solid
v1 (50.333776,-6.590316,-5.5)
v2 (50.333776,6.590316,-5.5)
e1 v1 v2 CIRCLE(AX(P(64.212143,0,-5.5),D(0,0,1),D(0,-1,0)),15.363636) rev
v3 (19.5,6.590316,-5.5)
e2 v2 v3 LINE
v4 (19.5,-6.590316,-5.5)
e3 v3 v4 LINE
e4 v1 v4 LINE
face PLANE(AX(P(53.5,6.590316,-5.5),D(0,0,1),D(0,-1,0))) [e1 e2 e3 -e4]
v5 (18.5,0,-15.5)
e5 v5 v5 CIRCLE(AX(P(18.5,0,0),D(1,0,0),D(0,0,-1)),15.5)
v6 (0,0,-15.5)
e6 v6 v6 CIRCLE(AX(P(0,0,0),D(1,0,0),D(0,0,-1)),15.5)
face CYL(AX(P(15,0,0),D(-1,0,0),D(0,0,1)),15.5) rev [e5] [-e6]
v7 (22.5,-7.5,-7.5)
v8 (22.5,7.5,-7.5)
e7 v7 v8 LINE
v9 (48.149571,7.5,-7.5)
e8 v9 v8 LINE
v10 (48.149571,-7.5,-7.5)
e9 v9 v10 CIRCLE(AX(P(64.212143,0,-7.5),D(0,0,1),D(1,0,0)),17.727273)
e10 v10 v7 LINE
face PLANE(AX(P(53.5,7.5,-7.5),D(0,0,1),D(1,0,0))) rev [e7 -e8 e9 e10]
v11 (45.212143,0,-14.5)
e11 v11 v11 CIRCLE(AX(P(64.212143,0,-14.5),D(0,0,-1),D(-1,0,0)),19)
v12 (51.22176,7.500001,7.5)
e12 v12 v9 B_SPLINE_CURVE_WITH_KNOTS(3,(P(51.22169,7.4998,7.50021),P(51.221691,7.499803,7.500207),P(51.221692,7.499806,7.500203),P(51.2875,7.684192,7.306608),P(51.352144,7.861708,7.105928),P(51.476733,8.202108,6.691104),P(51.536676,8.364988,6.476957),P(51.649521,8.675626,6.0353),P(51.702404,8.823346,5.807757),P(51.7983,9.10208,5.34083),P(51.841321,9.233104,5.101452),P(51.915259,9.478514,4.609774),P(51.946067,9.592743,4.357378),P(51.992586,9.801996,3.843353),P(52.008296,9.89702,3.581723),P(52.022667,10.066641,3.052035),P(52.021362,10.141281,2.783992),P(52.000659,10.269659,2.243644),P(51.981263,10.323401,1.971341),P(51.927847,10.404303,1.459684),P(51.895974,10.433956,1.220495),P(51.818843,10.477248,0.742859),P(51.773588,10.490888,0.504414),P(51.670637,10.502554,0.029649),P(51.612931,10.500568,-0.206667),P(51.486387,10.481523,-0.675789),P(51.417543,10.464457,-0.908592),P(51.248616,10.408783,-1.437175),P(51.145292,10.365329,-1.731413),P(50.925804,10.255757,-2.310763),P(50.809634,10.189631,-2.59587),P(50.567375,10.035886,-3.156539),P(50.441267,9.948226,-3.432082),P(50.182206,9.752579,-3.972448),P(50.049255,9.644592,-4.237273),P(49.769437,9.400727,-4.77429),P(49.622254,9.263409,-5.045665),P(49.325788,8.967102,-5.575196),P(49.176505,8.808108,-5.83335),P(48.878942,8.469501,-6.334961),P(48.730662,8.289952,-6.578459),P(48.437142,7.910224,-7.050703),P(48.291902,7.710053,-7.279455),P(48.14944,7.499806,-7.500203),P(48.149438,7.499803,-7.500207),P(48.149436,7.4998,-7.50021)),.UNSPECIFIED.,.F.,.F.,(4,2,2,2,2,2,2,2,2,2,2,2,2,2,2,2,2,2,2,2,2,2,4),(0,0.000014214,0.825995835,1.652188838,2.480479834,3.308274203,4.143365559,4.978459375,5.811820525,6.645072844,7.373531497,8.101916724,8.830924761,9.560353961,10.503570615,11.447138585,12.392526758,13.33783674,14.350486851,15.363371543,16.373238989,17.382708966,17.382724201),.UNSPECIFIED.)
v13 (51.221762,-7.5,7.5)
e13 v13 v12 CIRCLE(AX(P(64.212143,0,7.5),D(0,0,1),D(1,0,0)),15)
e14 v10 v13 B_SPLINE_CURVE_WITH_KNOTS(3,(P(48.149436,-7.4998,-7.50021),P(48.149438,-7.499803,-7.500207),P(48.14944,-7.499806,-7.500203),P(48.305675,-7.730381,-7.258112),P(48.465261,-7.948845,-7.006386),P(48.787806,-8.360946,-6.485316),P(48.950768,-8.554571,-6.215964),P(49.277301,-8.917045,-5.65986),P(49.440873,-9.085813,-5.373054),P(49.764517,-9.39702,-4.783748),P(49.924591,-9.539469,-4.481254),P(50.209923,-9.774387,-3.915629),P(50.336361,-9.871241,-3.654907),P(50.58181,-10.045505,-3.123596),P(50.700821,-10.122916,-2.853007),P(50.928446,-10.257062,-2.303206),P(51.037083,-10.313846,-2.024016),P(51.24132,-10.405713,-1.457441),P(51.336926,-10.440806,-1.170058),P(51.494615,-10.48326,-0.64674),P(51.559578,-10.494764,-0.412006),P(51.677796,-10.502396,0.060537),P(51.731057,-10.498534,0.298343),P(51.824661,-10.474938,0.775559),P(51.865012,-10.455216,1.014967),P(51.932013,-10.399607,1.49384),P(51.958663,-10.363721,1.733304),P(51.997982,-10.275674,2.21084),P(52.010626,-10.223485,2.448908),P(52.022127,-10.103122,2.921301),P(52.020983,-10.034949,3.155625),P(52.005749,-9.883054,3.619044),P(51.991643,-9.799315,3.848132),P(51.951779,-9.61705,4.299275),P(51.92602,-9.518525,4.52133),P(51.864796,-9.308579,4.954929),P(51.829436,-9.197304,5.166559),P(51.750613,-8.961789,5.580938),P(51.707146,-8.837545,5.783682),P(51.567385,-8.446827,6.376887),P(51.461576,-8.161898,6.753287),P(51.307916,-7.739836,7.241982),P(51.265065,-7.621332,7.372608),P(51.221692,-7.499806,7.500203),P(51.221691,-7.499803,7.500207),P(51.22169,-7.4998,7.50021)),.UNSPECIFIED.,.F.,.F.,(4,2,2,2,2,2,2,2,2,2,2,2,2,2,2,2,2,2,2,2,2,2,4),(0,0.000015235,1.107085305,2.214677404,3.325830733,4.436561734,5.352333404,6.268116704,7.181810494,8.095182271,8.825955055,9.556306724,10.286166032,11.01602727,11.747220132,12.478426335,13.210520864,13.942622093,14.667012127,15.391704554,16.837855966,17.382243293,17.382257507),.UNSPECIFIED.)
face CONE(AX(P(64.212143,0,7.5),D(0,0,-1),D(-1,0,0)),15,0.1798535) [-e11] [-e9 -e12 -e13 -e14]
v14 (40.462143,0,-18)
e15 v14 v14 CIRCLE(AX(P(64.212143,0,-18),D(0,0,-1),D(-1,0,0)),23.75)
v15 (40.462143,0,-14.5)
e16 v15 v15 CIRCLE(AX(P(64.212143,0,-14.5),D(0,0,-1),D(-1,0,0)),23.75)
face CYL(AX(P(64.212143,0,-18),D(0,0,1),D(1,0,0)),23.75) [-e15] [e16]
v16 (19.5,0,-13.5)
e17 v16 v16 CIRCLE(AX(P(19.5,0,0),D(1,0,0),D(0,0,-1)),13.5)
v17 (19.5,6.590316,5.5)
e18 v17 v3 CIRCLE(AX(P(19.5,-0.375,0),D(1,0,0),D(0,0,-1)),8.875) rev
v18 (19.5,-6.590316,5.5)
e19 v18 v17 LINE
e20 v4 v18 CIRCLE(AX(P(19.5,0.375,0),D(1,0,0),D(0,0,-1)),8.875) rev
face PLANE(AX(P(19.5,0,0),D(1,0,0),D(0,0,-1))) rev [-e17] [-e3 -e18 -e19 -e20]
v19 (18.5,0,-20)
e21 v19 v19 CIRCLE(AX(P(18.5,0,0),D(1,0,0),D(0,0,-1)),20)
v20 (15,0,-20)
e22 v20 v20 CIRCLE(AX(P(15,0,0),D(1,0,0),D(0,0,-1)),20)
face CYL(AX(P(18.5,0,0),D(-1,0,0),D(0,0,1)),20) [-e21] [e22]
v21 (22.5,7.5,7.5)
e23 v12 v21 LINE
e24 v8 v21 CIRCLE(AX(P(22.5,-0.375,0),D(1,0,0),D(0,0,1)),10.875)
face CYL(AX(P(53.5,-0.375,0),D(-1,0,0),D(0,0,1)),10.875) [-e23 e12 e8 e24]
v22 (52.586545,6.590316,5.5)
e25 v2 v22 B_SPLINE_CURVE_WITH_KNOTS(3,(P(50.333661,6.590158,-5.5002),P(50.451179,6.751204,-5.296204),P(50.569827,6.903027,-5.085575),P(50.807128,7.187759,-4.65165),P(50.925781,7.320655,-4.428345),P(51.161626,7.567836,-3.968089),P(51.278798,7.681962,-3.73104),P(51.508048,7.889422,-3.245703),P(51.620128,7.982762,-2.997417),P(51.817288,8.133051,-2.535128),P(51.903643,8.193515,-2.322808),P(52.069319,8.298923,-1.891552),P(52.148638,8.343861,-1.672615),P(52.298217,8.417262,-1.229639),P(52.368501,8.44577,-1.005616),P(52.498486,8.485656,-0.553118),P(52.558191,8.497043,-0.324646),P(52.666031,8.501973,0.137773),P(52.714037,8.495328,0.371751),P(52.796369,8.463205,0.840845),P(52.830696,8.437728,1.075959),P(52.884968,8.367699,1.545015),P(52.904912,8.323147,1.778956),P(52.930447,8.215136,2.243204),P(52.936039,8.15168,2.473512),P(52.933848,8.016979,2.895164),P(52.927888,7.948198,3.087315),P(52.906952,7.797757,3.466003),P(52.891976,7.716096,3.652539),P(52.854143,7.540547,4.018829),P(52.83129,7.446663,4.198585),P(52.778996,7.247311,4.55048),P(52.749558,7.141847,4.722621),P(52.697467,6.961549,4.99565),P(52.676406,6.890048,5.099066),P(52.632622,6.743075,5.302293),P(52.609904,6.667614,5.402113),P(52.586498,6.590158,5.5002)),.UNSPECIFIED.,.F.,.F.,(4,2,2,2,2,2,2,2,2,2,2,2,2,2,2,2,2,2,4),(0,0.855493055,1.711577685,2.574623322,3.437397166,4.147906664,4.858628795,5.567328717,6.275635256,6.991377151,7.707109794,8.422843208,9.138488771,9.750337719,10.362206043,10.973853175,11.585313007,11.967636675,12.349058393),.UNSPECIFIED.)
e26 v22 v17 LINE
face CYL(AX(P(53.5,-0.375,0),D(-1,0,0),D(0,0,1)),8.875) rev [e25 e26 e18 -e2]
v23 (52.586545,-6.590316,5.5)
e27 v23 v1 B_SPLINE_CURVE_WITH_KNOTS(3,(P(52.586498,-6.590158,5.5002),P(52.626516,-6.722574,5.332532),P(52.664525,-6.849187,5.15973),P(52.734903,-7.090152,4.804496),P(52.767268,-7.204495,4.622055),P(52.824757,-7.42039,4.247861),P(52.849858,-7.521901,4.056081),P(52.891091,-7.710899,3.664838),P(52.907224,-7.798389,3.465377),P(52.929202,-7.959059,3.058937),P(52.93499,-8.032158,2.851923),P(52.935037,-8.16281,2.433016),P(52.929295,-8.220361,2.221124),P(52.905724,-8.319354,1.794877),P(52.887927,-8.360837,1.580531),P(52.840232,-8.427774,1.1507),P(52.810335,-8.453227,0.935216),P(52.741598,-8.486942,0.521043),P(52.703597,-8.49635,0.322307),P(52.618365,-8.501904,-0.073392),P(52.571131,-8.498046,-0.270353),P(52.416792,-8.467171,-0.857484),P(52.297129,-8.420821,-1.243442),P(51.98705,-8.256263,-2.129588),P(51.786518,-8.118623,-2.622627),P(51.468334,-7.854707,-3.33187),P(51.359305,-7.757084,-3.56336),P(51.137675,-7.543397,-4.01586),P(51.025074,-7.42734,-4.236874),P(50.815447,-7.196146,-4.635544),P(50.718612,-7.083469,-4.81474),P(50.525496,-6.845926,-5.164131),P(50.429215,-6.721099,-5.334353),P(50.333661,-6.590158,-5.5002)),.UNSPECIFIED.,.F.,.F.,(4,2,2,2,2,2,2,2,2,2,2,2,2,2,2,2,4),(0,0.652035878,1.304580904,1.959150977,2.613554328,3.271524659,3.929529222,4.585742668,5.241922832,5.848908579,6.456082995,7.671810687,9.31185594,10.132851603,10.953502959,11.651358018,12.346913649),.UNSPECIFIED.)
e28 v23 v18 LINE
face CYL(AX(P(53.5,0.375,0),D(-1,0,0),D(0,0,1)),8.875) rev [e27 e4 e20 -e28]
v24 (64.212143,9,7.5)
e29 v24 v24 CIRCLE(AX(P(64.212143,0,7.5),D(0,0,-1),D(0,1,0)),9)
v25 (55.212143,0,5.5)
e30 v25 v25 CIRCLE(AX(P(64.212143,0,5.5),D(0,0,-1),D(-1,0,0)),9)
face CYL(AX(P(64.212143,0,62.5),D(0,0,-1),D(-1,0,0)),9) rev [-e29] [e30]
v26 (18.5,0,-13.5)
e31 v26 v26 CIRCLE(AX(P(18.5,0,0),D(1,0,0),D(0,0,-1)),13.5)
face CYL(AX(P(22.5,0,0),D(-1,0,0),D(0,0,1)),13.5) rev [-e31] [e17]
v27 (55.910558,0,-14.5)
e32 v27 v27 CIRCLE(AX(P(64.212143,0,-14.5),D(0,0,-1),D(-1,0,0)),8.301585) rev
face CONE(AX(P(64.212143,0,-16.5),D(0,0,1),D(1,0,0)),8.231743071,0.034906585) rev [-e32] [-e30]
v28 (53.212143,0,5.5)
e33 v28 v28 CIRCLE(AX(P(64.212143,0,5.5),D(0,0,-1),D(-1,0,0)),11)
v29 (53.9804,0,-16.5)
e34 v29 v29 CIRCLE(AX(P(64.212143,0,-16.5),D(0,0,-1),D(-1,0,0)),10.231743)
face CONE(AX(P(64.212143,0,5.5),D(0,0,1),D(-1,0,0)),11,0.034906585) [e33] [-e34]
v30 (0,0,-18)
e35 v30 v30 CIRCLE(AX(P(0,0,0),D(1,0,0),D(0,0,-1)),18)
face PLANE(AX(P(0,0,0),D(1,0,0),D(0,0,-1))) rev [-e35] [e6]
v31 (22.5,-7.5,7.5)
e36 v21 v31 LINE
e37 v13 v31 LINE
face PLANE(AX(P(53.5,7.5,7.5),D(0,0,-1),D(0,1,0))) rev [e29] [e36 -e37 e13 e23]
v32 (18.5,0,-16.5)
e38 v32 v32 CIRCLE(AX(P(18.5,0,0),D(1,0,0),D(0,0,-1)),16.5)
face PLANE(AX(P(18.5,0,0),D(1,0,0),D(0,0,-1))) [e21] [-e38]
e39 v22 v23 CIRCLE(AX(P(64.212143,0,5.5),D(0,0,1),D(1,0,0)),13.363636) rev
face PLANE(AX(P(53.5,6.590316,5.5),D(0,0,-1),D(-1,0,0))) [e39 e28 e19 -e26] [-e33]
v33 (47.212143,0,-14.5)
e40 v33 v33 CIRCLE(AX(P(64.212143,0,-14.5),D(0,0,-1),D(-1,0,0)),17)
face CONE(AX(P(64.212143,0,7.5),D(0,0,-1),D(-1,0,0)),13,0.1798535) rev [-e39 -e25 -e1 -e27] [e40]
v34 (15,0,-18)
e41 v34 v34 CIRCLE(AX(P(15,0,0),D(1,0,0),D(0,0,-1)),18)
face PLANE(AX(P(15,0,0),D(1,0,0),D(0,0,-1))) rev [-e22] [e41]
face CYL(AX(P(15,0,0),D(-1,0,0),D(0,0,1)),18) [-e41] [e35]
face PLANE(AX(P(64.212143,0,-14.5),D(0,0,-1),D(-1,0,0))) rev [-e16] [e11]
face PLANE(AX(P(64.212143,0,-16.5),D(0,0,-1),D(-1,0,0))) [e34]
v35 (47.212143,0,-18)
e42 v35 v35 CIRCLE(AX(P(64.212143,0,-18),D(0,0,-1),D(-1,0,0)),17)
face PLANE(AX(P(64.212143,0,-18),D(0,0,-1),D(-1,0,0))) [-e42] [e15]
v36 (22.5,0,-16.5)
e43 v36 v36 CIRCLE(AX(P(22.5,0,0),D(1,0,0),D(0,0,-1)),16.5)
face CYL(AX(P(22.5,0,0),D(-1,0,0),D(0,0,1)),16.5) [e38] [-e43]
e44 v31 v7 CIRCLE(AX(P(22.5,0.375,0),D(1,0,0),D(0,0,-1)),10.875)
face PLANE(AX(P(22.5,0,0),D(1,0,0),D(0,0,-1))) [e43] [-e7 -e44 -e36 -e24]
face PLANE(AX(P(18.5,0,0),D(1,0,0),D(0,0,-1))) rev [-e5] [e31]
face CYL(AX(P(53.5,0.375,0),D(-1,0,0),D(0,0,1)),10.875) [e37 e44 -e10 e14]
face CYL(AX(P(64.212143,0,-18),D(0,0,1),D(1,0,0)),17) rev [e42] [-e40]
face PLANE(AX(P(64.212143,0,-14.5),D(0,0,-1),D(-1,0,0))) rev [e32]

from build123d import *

# Parameters (mm, degrees)
CROQUIS1_R                 = 18
CROQUIS1_R_2               = 15.5
SALIENTE_EXTRUIR1_DEPTH    = 15
CROQUIS2_R                 = 20
CROQUIS2_R_2               = 15.5
SALIENTE_EXTRUIR2_DEPTH    = 3.5
CROQUIS4_R                 = 16.5
CROQUIS4_R_2               = 13.5
SALIENTE_EXTRUIR3_DEPTH    = 4
CROQUIS5_R                 = 16.5
SALIENTE_EXTRUIR4_DEPTH    = 3
SALIENTE_EXTRUIR5_DEPTH    = 31
CROQUIS7_R                 = 15
CROQUIS8_R                 = 19
CROQUIS9_R                 = 13
CROQUIS10_R                = 17
CORTAR_EXTRUIR1_DEPTH      = 41
CORTAR_EXTRUIR1_DEPTH_BACK = 13
CROQUIS12_R                = 15
SALIENTE_EXTRUIR6_DEPTH    = 2
CROQUIS14_R                = 11
SALIENTE_EXTRUIR7_DEPTH    = 22
SALIENTE_EXTRUIR7_TAPER    = 2
CROQUIS17_R                = 9
CROQUIS15_R                = 8.231743071
CROQUIS18_R                = 9
CORTAR_EXTRUIR2_DEPTH      = 57
CROQUIS19_R                = 10.231743071
SALIENTE_EXTRUIR8_DEPTH    = 2
CROQUIS20_R                = 23.75
CROQUIS20_R_2              = 17
SALIENTE_EXTRUIR9_DEPTH    = 3.5


with BuildPart() as part:
    # Croquis1 → Saliente-Extruir1 (new body)
    with BuildSketch(Plane(origin=(0, 0, 0), x_dir=(0, 0, -1), z_dir=(1, 0, 0))):
        Circle(CROQUIS1_R)
        Circle(CROQUIS1_R_2, mode=Mode.SUBTRACT)
    extrude(amount=SALIENTE_EXTRUIR1_DEPTH)

    # Croquis2 → Saliente-Extruir2 (add)
    with BuildSketch(Plane(origin=(15, 0, 0), x_dir=(0, 0, -1), z_dir=(1, 0, 0))):
        Circle(CROQUIS2_R)
        Circle(CROQUIS2_R_2, mode=Mode.SUBTRACT)
    extrude(amount=SALIENTE_EXTRUIR2_DEPTH)

    # Croquis4 → Saliente-Extruir3 (add)
    with BuildSketch(Plane(origin=(18.5, 0, 0), x_dir=(0, 0, -1), z_dir=(1, 0, 0))):
        Circle(CROQUIS4_R)
        Circle(CROQUIS4_R_2, mode=Mode.SUBTRACT)
    extrude(amount=SALIENTE_EXTRUIR3_DEPTH)

    # Croquis5 → Saliente-Extruir4 (add)
    with BuildSketch(Plane(origin=(22.5, 0, 0), x_dir=(0, 0, -1), z_dir=(1, 0, 0))):
        Circle(CROQUIS5_R)
    extrude(amount=-SALIENTE_EXTRUIR4_DEPTH)

    # Croquis6 → Saliente-Extruir5 (add)
    with BuildSketch(Plane(origin=(22.5, 0, 0), x_dir=(0, 0, -1), z_dir=(1, 0, 0))):
        with BuildLine():
            Line((-7.5, 7.5), (-7.5, -7.5))
            ThreePointArc((-7.5, -7.5), (0, -10.5), (7.5, -7.5))
            Line((7.5, -7.5), (7.5, 7.5))
            ThreePointArc((7.5, 7.5), (0, 10.5), (-7.5, 7.5))
        make_face()
        with BuildLine():
            Line((-5.5, 6.590315858), (-5.5, -6.590315858))
            ThreePointArc((-5.5, -6.590315858), (0, -8.5), (5.5, -6.590315858))
            Line((5.5, -6.590315858), (5.5, 6.590315858))
            ThreePointArc((5.5, 6.590315858), (0, 8.5), (-5.5, 6.590315858))
        make_face(mode=Mode.SUBTRACT)
    extrude(amount=SALIENTE_EXTRUIR5_DEPTH)

    # Croquis7 → Recubrir1 section 0
    with BuildSketch(Plane.XY.offset(7.5)):
        with Locations((64.212142643, 0)):
            Circle(CROQUIS7_R)
    # Croquis8 → Recubrir1 section 1
    with BuildSketch(Plane.XY.offset(-14.5)):
        with Locations((64.212142643, 0)):
            Circle(CROQUIS8_R)
    loft()

    # Croquis9 → Cortar-Recubrir1 section 0
    with BuildSketch(Plane.XY.offset(7.5)):
        with Locations((64.212142643, 0)):
            Circle(CROQUIS9_R)
    # Croquis10 → Cortar-Recubrir1 section 1
    with BuildSketch(Plane(origin=(0, 0, -14.5), x_dir=(-1, 0, 0), z_dir=(0, 0, -1))):
        with Locations((-64.212142643, 0)):
            Circle(CROQUIS10_R)
    loft(mode=Mode.SUBTRACT)

    # Croquis11 → Cortar-Extruir1 (cut, two sides)
    with BuildSketch(Plane(origin=(22.5, 0, 0), x_dir=(0, 0, -1), z_dir=(1, 0, 0))) as cortar_extruir1_sk:
        with BuildLine():
            Line((-5.5, 6.590315858), (-5.5, -6.590315858))
            ThreePointArc((-5.5, -6.590315858), (0, -8.5), (5.5, -6.590315858))
            Line((5.5, -6.590315858), (5.5, 6.590315858))
            ThreePointArc((5.5, 6.590315858), (0, 8.5), (-5.5, 6.590315858))
        make_face()
    extrude(amount=CORTAR_EXTRUIR1_DEPTH, mode=Mode.SUBTRACT)
    extrude(cortar_extruir1_sk.sketch, amount=-CORTAR_EXTRUIR1_DEPTH_BACK, mode=Mode.SUBTRACT)

    # Croquis12 → Saliente-Extruir6 (add)
    with BuildSketch(Plane.XY.offset(7.5)):
        with Locations((64.212142643, 0)):
            Circle(CROQUIS12_R)
    extrude(amount=-SALIENTE_EXTRUIR6_DEPTH)

    # Croquis14 → Saliente-Extruir7 (add)
    with BuildSketch(Plane(origin=(0, 0, 5.5), x_dir=(-1, 0, 0), z_dir=(0, 0, -1))):
        with Locations((-64.212142643, 0)):
            Circle(CROQUIS14_R)
    extrude(amount=SALIENTE_EXTRUIR7_DEPTH, taper=SALIENTE_EXTRUIR7_TAPER)

    # Croquis17 → Cortar-Recubrir2 section 0
    with BuildSketch(Plane(origin=(0, 0, 5.5), x_dir=(-1, 0, 0), z_dir=(0, 0, -1))):
        with Locations((-64.212142643, 0)):
            Circle(CROQUIS17_R)
    # Croquis15 → Cortar-Recubrir2 section 1
    with BuildSketch(Plane(origin=(0, 0, -16.5), x_dir=(-1, 0, 0), z_dir=(0, 0, -1))):
        with Locations((-64.212142643, 0)):
            Circle(CROQUIS15_R)
    loft(mode=Mode.SUBTRACT)

    # Croquis18 → Cortar-Extruir2 (cut)
    with BuildSketch(Plane(origin=(0, 0, 5.5), x_dir=(-1, 0, 0), z_dir=(0, 0, -1))):
        with Locations((-64.212142643, 0)):
            Circle(CROQUIS18_R)
    extrude(amount=-CORTAR_EXTRUIR2_DEPTH, mode=Mode.SUBTRACT)

    # Croquis19 → Saliente-Extruir8 (add)
    with BuildSketch(Plane(origin=(0, 0, -16.5), x_dir=(-1, 0, 0), z_dir=(0, 0, -1))):
        with Locations((-64.212142643, 0)):
            Circle(CROQUIS19_R)
    extrude(amount=-SALIENTE_EXTRUIR8_DEPTH)

    # Croquis20 → Saliente-Extruir9 (add)
    with BuildSketch(Plane(origin=(0, 0, -14.5), x_dir=(-1, 0, 0), z_dir=(0, 0, -1))):
        with Locations((-64.212142643, 0)):
            Circle(CROQUIS20_R)
        with Locations((-64.212142643, 0)):
            Circle(CROQUIS20_R_2, mode=Mode.SUBTRACT)
    extrude(amount=SALIENTE_EXTRUIR9_DEPTH)


solid = part.part
